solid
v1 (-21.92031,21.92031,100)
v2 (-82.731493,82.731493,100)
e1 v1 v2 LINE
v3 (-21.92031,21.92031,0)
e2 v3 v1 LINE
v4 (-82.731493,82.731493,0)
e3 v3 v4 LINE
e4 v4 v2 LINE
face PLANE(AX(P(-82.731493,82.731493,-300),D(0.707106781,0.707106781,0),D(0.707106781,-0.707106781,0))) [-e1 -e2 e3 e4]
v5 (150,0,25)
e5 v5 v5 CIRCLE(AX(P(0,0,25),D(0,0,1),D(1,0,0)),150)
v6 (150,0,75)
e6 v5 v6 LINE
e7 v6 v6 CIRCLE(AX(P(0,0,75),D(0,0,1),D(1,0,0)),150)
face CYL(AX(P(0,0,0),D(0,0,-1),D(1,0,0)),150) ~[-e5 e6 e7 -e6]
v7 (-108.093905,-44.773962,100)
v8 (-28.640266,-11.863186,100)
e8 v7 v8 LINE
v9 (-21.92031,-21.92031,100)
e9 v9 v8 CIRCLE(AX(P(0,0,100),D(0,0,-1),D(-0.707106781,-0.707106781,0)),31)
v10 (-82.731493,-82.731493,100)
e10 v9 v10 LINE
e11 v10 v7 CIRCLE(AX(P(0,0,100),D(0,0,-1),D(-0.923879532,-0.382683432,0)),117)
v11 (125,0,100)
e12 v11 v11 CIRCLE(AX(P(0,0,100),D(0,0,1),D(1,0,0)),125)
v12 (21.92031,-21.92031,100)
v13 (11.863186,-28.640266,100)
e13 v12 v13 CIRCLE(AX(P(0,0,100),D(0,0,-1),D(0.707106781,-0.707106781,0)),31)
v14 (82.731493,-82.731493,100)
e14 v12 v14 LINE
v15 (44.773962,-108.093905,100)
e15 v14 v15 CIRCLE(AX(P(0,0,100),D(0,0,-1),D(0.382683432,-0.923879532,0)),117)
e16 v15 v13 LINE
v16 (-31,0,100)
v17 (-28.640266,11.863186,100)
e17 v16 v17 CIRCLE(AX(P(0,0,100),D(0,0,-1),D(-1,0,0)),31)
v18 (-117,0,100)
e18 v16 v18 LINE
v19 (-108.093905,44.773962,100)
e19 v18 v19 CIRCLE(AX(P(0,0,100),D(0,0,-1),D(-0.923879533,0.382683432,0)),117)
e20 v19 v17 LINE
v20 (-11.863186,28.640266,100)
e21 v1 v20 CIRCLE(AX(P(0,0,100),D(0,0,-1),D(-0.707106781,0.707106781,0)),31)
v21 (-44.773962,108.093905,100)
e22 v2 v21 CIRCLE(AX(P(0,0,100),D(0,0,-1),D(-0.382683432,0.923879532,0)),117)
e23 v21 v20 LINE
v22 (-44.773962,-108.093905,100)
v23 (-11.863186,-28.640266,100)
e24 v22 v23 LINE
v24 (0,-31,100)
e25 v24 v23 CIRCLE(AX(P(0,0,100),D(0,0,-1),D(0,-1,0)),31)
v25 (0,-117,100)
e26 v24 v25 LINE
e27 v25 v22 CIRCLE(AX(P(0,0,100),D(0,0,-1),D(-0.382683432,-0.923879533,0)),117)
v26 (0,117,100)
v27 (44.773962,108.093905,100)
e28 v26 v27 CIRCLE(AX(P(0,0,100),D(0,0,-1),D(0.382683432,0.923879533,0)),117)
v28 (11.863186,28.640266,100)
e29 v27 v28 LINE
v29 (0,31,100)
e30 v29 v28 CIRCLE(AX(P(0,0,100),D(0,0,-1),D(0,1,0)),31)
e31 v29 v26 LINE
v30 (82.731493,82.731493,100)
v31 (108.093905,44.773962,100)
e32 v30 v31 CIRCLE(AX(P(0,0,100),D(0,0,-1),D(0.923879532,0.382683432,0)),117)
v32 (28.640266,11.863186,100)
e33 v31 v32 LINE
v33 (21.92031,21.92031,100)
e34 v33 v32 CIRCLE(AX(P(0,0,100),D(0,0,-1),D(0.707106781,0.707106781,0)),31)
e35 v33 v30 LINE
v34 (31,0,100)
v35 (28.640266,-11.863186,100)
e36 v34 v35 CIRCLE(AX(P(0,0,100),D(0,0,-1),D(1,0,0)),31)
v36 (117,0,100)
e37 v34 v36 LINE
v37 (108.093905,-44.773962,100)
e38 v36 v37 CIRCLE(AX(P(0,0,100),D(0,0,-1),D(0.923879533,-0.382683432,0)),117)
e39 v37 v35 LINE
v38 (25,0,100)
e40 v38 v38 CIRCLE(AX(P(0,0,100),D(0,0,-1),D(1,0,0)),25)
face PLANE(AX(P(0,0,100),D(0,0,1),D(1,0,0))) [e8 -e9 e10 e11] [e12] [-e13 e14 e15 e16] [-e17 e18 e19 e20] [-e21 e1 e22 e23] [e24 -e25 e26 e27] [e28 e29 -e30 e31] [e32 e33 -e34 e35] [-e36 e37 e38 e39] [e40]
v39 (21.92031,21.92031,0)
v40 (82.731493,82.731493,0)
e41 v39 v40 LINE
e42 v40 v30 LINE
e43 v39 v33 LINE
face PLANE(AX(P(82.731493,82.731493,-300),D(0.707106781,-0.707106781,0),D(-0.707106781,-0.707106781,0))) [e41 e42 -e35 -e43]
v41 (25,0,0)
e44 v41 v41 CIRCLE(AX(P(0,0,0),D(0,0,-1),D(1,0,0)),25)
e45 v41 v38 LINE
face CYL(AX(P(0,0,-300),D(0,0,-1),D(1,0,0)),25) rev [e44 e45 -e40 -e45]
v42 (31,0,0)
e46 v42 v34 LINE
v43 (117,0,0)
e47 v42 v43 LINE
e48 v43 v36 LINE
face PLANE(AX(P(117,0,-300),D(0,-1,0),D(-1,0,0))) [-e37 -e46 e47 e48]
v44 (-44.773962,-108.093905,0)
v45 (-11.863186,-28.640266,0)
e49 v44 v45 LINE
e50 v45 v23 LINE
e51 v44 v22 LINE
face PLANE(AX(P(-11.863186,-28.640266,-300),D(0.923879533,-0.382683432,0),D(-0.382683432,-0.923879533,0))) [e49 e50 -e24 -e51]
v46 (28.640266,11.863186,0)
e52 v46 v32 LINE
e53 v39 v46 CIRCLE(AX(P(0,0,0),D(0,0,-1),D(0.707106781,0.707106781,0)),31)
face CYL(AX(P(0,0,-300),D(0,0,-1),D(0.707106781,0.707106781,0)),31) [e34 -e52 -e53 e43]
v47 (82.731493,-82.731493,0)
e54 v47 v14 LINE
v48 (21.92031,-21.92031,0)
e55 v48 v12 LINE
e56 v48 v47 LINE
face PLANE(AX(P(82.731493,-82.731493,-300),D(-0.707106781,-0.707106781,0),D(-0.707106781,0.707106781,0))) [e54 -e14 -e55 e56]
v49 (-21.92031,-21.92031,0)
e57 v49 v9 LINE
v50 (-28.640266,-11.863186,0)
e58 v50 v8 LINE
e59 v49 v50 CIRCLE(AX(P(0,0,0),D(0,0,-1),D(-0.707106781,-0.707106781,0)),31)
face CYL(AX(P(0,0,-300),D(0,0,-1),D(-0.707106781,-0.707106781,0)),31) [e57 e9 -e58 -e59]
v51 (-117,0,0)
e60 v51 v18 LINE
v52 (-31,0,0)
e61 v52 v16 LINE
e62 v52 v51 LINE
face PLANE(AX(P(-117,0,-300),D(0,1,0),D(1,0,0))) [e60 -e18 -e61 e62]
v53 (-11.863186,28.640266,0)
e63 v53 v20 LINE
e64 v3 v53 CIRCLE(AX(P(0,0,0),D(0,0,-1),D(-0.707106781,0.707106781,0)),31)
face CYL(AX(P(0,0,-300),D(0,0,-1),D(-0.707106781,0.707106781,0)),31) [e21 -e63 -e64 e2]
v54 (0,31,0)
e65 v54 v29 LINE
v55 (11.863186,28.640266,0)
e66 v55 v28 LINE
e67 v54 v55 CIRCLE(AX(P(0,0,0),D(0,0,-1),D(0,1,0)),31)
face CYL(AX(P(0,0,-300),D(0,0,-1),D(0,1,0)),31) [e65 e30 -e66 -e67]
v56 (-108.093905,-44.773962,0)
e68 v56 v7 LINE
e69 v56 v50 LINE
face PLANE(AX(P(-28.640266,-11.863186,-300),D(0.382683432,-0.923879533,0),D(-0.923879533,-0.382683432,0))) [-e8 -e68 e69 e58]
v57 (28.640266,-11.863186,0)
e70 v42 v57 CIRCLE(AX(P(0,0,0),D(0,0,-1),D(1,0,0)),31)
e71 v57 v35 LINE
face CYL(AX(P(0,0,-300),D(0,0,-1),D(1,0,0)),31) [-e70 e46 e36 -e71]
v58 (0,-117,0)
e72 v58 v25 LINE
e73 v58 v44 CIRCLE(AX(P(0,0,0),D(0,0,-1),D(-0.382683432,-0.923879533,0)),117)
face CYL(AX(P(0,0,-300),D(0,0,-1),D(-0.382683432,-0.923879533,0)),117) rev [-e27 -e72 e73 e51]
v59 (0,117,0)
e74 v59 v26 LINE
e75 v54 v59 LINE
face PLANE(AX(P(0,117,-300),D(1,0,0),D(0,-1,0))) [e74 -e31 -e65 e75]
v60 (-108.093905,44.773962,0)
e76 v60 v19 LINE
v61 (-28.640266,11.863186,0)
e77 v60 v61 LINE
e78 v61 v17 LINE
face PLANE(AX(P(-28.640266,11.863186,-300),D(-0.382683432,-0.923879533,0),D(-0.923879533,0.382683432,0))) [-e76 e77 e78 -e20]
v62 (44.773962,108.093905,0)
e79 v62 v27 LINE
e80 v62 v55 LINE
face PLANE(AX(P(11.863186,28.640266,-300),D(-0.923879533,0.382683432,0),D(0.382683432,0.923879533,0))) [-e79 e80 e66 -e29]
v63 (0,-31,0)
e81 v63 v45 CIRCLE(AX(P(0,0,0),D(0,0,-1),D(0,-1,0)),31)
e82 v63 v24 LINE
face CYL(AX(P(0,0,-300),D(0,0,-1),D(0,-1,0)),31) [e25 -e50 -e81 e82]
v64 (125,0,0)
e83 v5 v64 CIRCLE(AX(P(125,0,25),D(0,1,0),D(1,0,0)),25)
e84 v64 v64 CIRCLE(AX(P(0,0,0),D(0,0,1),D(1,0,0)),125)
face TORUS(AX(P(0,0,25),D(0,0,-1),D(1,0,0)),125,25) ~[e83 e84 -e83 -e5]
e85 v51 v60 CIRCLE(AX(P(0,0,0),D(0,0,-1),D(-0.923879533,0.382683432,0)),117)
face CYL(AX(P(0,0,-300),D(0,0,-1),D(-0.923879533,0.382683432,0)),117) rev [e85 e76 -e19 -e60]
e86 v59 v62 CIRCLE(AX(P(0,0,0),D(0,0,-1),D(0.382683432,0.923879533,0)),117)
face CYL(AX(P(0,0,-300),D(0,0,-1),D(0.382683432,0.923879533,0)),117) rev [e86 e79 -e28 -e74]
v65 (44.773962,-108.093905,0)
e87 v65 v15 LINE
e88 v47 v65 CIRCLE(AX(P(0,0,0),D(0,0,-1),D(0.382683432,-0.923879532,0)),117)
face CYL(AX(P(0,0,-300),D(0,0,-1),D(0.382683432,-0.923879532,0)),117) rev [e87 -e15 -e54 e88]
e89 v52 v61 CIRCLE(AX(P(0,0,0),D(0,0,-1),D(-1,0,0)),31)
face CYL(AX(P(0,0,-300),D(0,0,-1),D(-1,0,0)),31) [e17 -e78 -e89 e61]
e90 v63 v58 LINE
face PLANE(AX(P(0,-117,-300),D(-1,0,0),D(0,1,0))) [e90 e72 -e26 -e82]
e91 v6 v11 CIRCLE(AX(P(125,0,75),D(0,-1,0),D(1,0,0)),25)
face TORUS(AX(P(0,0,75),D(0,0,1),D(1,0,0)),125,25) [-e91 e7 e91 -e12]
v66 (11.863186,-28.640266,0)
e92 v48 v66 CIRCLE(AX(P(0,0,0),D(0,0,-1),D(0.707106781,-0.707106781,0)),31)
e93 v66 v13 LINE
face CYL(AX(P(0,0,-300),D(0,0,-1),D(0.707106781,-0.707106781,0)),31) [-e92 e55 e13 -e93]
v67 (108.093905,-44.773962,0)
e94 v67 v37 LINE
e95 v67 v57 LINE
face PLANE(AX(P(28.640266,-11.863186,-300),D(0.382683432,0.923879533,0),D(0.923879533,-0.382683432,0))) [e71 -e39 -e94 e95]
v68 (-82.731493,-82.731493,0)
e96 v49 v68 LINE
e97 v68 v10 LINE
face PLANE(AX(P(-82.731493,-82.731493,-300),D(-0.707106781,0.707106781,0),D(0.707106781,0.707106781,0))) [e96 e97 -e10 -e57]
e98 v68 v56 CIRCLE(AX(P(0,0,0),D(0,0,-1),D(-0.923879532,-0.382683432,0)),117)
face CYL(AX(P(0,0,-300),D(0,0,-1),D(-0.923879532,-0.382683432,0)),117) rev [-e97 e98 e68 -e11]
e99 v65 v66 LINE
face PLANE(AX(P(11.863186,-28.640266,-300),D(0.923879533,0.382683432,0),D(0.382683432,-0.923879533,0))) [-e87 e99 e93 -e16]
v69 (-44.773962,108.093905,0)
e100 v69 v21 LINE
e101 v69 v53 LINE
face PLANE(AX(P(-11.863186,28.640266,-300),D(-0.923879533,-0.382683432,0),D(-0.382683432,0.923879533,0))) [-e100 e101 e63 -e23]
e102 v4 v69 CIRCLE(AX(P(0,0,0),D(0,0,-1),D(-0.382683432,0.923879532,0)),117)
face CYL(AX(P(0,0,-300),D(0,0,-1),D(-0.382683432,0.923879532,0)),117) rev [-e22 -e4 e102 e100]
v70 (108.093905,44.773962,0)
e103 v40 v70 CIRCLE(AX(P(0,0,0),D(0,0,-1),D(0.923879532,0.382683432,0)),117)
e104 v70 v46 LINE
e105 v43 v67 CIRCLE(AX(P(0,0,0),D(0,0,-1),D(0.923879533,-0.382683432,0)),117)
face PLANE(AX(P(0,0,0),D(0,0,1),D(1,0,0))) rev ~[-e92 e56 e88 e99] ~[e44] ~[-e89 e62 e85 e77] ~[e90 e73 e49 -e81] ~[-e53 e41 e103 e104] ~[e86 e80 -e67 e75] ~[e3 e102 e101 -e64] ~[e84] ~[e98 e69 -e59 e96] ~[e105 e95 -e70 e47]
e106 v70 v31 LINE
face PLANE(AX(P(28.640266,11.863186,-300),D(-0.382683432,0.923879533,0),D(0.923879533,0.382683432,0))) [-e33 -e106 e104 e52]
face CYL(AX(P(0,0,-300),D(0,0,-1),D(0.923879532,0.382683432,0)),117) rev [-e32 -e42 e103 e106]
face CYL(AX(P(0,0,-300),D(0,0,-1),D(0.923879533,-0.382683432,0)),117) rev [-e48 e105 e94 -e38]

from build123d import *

# Parameters (mm, degrees)
SKETCH1_R               = 150
BOSS_EXTRUDE1_DEPTH     = 100
FILLET1_R               = 25
CUT_EXTRUDE1_DEPTH      = 300
CUT_EXTRUDE1_DEPTH_BACK = 300
CUT_EXTRUDE2_DEPTH      = 300
CUT_EXTRUDE2_DEPTH_BACK = 300
SKETCH5_R               = 25


with BuildPart() as part:
    # Sketch1 → Boss-Extrude1 (new body)
    with BuildSketch(Plane.XY):
        Circle(SKETCH1_R)
    extrude(amount=BOSS_EXTRUDE1_DEPTH)

    # Fillet1
    fillet1_edges = [part.edges().sort_by_distance(p)[0] for p in [
        (-150, 0, 0),
        (-150, 0, 100),
    ]]
    fillet(fillet1_edges, radius=FILLET1_R)

    # Sketch4 → Cut-Extrude1 (cut, two sides: drawn at the far end of the back side and taken through both)
    with BuildSketch(Plane.XY.offset(-CUT_EXTRUDE1_DEPTH_BACK)):
        with BuildLine():
            Line((82.731493399, 82.731493399), (21.920310217, 21.920310217))
            ThreePointArc((21.920310217, 21.920310217), (25.775557981, 17.222677224), (28.640265508, 11.863186403))
            Line((28.640265508, 11.863186403), (108.093905304, 44.773961587))
            ThreePointArc((108.093905304, 44.773961587), (97.281944639, 65.001717263), (82.731493399, 82.731493399))
        make_face()
        with BuildLine():
            Line((0, 117), (0, 31))
            ThreePointArc((0, 31), (6.047799982, 30.404343693), (11.863186403, 28.640265508))
            Line((11.863186403, 28.640265508), (44.773961587, 108.093905304))
            ThreePointArc((44.773961587, 108.093905304), (22.825567676, 114.751877807), (0, 117))
        make_face()
        with BuildLine():
            Line((-82.731493399, 82.731493399), (-21.920310217, 21.920310217))
            ThreePointArc((-21.920310217, 21.920310217), (-17.222677224, 25.775557981), (-11.863186403, 28.640265508))
            Line((-11.863186403, 28.640265508), (-44.773961587, 108.093905304))
            ThreePointArc((-44.773961587, 108.093905304), (-65.001717263, 97.281944639), (-82.731493399, 82.731493399))
        make_face()
        with BuildLine():
            Line((-117, 0), (-31, 0))
            ThreePointArc((-31, 0), (-30.404343693, 6.047799983), (-28.640265508, 11.863186403))
            Line((-28.640265508, 11.863186403), (-108.093905304, 44.773961587))
            ThreePointArc((-108.093905304, 44.773961587), (-114.751877807, 22.825567676), (-117, 0))
        make_face()
        with BuildLine():
            Line((-82.731493399, -82.731493399), (-21.920310217, -21.920310217))
            ThreePointArc((-21.920310217, -21.920310217), (-25.775557981, -17.222677224), (-28.640265508, -11.863186403))
            Line((-28.640265508, -11.863186403), (-108.093905304, -44.773961587))
            ThreePointArc((-108.093905304, -44.773961587), (-97.281944639, -65.001717263), (-82.731493399, -82.731493399))
        make_face()
        with BuildLine():
            Line((0, -117), (0, -31))
            ThreePointArc((0, -31), (-6.047799983, -30.404343693), (-11.863186403, -28.640265508))
            Line((-11.863186403, -28.640265508), (-44.773961587, -108.093905304))
            ThreePointArc((-44.773961587, -108.093905304), (-22.825567676, -114.751877807), (0, -117))
        make_face()
        with BuildLine():
            Line((82.731493399, -82.731493399), (21.920310217, -21.920310217))
            ThreePointArc((21.920310217, -21.920310217), (17.222677224, -25.775557981), (11.863186403, -28.640265508))
            Line((11.863186403, -28.640265508), (44.773961587, -108.093905304))
            ThreePointArc((44.773961587, -108.093905304), (65.001717263, -97.281944639), (82.731493399, -82.731493399))
        make_face()
        with BuildLine():
            Line((117, 0), (31, 0))
            ThreePointArc((31, 0), (30.404343693, -6.047799983), (28.640265508, -11.863186403))
            Line((28.640265508, -11.863186403), (108.093905304, -44.773961587))
            ThreePointArc((108.093905304, -44.773961587), (114.751877807, -22.825567676), (117, 0))
        make_face()
    extrude(amount=CUT_EXTRUDE1_DEPTH + CUT_EXTRUDE1_DEPTH_BACK, mode=Mode.SUBTRACT)

    # Sketch5 → Cut-Extrude2 (cut, two sides: drawn at the far end of the back side and taken through both)
    with BuildSketch(Plane.XY.offset(-CUT_EXTRUDE2_DEPTH_BACK)):
        Circle(SKETCH5_R)
    extrude(amount=CUT_EXTRUDE2_DEPTH + CUT_EXTRUDE2_DEPTH_BACK, mode=Mode.SUBTRACT)


solid = part.part
